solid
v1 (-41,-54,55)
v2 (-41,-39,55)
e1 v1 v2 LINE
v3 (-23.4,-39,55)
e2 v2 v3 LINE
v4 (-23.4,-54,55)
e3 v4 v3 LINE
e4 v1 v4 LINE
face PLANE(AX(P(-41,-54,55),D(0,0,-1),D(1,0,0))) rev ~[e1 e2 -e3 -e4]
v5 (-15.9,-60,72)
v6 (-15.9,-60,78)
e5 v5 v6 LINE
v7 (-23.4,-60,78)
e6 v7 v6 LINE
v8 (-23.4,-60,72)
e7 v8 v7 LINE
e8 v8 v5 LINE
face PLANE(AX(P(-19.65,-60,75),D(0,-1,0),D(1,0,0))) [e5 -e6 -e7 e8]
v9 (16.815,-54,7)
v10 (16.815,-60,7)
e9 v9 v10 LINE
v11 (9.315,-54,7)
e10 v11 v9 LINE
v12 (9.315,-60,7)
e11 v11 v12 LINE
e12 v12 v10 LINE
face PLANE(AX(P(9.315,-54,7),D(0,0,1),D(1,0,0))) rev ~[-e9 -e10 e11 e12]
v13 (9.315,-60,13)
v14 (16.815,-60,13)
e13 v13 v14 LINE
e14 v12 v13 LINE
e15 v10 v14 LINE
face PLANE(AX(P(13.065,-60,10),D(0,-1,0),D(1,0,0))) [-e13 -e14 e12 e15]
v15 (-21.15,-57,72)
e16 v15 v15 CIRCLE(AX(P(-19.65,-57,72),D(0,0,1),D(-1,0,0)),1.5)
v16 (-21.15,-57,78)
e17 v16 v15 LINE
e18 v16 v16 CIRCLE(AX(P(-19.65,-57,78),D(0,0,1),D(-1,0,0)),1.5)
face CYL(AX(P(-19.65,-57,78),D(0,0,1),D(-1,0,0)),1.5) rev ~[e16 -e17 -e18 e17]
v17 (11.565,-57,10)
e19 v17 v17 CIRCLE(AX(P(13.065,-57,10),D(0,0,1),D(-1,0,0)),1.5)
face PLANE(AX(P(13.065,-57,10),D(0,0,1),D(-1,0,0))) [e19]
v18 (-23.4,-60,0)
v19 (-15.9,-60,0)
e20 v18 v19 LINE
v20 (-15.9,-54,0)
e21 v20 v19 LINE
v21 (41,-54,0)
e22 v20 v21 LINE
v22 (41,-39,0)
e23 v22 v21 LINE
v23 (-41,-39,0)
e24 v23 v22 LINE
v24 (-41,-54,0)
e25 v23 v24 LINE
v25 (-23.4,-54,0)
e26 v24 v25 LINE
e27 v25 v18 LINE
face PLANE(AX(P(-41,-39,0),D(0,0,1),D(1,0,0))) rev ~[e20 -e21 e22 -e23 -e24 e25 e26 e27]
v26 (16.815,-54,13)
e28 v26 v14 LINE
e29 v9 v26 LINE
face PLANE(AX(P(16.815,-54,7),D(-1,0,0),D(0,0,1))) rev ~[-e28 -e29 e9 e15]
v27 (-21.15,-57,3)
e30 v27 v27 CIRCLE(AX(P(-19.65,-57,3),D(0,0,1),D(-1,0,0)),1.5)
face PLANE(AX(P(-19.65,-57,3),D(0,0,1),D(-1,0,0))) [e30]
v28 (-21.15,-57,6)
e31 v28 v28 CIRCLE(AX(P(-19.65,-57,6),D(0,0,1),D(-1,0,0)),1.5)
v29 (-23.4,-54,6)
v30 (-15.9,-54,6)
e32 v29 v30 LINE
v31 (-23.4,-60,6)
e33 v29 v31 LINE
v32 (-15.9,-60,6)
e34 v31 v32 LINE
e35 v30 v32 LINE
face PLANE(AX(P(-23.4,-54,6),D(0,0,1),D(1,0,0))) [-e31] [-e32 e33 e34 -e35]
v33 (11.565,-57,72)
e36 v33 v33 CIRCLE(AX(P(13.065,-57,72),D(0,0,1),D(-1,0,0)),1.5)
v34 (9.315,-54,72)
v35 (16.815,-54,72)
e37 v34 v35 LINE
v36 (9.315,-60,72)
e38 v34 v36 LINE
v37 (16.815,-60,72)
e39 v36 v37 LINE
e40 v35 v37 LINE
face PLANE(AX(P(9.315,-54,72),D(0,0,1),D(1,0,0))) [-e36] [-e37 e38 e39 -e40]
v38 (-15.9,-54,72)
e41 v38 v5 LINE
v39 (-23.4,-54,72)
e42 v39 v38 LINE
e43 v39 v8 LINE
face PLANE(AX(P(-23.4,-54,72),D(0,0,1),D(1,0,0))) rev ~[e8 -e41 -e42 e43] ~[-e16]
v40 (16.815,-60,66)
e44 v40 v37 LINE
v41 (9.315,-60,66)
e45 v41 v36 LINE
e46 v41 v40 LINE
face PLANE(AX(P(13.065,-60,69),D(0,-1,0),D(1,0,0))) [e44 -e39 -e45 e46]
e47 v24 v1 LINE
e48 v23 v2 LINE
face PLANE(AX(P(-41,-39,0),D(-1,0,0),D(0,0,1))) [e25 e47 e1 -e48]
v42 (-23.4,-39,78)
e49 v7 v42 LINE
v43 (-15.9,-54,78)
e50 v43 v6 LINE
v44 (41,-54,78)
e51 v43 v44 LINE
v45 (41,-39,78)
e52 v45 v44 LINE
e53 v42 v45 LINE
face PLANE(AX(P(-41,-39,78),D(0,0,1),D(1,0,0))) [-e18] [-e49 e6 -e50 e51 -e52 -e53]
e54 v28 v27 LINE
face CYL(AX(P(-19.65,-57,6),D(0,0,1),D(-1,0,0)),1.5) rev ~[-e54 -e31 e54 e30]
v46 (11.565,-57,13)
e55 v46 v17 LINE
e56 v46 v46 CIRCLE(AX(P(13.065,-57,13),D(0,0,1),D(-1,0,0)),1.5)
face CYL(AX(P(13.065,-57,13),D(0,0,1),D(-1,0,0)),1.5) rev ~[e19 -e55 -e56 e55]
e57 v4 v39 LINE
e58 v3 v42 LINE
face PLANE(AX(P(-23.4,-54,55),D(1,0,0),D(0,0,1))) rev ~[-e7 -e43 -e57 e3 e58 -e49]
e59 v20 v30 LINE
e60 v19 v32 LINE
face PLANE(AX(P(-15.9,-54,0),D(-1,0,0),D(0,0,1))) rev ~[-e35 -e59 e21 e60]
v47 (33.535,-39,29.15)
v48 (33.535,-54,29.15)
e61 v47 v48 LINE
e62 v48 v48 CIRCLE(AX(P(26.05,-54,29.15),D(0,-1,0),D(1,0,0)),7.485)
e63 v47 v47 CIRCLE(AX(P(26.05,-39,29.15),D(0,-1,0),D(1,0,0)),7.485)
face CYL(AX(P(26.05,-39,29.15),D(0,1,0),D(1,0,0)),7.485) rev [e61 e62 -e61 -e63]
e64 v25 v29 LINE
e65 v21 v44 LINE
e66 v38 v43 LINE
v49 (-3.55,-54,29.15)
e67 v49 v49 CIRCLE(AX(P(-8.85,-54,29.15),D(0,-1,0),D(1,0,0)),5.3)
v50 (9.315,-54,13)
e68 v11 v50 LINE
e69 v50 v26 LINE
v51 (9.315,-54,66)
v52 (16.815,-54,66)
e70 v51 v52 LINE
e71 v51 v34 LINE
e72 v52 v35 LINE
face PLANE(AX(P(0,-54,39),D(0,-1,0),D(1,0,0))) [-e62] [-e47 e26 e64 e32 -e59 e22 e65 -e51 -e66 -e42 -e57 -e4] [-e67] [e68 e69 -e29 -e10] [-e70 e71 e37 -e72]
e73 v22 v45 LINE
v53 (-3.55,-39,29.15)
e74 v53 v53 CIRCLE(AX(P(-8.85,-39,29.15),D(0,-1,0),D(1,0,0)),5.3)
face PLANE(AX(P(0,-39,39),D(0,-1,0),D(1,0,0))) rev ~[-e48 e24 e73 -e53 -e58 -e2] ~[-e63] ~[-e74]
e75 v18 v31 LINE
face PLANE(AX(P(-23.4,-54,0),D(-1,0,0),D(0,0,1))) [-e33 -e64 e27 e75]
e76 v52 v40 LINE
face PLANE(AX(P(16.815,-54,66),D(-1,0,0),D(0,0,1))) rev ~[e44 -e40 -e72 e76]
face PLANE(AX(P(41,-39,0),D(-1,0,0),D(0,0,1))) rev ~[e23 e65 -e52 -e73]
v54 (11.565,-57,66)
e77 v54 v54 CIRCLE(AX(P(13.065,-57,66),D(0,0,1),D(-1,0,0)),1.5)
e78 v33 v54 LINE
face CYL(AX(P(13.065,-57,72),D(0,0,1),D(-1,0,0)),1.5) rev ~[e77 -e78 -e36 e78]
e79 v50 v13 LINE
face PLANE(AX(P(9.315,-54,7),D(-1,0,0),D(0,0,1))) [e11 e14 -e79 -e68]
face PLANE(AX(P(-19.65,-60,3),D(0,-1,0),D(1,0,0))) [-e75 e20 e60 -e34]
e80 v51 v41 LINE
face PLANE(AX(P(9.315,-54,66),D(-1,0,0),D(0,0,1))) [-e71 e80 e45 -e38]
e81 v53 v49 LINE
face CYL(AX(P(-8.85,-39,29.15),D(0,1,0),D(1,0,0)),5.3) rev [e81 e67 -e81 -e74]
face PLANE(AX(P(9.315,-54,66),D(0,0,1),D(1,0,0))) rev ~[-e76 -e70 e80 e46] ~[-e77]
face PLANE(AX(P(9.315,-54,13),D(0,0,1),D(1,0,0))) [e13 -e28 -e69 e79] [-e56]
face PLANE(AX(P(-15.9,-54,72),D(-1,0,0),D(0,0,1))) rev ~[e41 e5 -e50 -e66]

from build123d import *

# Parameters (mm, degrees)
SKETCH011_W     = 82
SKETCH011_H     = 78
SKETCH011_R     = 7.485
SKETCH011_R_2   = 5.3
PAD011_DEPTH    = 15
SKETCH012_W     = 7.5
SKETCH012_H     = 6
PAD012_DEPTH    = 6
SKETCH013_R     = 1.5
POCKET003_DEPTH = 3
SKETCH014_R     = 1.5
POCKET004_DEPTH = 3
SKETCH015_R     = 1.5
POCKET005_DEPTH = 6
SKETCH016_R     = 1.5
POCKET006_DEPTH = 6
SKETCH023_W     = 17.6
SKETCH023_H     = 23
POCKET012_DEPTH = 15.001


with BuildPart() as part:
    # Sketch011 → Pad011 (new body)
    with BuildSketch(Plane.XZ):
        with Locations((0, 39)):
            Rectangle(SKETCH011_W, SKETCH011_H)
        with Locations((26.05, 29.15)):
            Circle(SKETCH011_R, mode=Mode.SUBTRACT)
        with Locations((-8.85, 29.15)):
            Circle(SKETCH011_R_2, mode=Mode.SUBTRACT)
    extrude(amount=PAD011_DEPTH)

    # Sketch012 (on Face8 of Pad011) → Pad012 (join)
    with BuildSketch(Plane.XZ.offset(15)):
        with Locations((-19.65, 3)):
            Rectangle(SKETCH012_W, SKETCH012_H)
        with Locations((-19.65, 75)):
            Rectangle(SKETCH012_W, SKETCH012_H)
        with Locations((13.065, 10)):
            Rectangle(SKETCH012_W, SKETCH012_H)
        with Locations((13.065, 69)):
            Rectangle(SKETCH012_W, SKETCH012_H)
    extrude(amount=PAD012_DEPTH)

    # Sketch013 (on Face11 of Pad012) → Pocket003 (cut)
    with BuildSketch(Plane(origin=(0, 0, 6), x_dir=(-1, 0, 0), z_dir=(0, 0, 1))):
        with Locations((19.65, 18)):
            Circle(SKETCH013_R)
    extrude(amount=-POCKET003_DEPTH, mode=Mode.SUBTRACT)

    # Sketch014 (on Face16 of Pocket003) → Pocket004 (cut)
    with BuildSketch(Plane(origin=(0, 0, 13), x_dir=(-1, 0, 0), z_dir=(0, 0, 1))):
        with Locations((-13.065, 18)):
            Circle(SKETCH014_R)
    extrude(amount=-POCKET004_DEPTH, mode=Mode.SUBTRACT)

    # Sketch015 (on Face6 of Pocket004) → Pocket005 (cut)
    with BuildSketch(Plane(origin=(0, 0, 78), x_dir=(-1, 0, 0), z_dir=(0, 0, 1))):
        with Locations((19.65, 18)):
            Circle(SKETCH015_R)
    extrude(amount=-POCKET005_DEPTH, mode=Mode.SUBTRACT)

    # Sketch016 (on Face20 of Pocket005) → Pocket006 (cut)
    with BuildSketch(Plane(origin=(0, 0, 72), x_dir=(-1, 0, 0), z_dir=(0, 0, 1))):
        with Locations((-13.065, 18)):
            Circle(SKETCH016_R)
    extrude(amount=-POCKET006_DEPTH, mode=Mode.SUBTRACT)

    # Sketch023 (on Face5 of Pocket006) → Pocket012 (cut, through all)
    with BuildSketch(Plane.XZ.offset(15)):
        with Locations((-32.2, 66.5)):
            Rectangle(SKETCH023_W, SKETCH023_H)
    extrude(amount=-POCKET012_DEPTH, mode=Mode.SUBTRACT)


with BuildPart() as part_1:
    # Body002 placement: moved
    add(part.part.moved(Location((0, -39, 0))))


solid = part_1.part
